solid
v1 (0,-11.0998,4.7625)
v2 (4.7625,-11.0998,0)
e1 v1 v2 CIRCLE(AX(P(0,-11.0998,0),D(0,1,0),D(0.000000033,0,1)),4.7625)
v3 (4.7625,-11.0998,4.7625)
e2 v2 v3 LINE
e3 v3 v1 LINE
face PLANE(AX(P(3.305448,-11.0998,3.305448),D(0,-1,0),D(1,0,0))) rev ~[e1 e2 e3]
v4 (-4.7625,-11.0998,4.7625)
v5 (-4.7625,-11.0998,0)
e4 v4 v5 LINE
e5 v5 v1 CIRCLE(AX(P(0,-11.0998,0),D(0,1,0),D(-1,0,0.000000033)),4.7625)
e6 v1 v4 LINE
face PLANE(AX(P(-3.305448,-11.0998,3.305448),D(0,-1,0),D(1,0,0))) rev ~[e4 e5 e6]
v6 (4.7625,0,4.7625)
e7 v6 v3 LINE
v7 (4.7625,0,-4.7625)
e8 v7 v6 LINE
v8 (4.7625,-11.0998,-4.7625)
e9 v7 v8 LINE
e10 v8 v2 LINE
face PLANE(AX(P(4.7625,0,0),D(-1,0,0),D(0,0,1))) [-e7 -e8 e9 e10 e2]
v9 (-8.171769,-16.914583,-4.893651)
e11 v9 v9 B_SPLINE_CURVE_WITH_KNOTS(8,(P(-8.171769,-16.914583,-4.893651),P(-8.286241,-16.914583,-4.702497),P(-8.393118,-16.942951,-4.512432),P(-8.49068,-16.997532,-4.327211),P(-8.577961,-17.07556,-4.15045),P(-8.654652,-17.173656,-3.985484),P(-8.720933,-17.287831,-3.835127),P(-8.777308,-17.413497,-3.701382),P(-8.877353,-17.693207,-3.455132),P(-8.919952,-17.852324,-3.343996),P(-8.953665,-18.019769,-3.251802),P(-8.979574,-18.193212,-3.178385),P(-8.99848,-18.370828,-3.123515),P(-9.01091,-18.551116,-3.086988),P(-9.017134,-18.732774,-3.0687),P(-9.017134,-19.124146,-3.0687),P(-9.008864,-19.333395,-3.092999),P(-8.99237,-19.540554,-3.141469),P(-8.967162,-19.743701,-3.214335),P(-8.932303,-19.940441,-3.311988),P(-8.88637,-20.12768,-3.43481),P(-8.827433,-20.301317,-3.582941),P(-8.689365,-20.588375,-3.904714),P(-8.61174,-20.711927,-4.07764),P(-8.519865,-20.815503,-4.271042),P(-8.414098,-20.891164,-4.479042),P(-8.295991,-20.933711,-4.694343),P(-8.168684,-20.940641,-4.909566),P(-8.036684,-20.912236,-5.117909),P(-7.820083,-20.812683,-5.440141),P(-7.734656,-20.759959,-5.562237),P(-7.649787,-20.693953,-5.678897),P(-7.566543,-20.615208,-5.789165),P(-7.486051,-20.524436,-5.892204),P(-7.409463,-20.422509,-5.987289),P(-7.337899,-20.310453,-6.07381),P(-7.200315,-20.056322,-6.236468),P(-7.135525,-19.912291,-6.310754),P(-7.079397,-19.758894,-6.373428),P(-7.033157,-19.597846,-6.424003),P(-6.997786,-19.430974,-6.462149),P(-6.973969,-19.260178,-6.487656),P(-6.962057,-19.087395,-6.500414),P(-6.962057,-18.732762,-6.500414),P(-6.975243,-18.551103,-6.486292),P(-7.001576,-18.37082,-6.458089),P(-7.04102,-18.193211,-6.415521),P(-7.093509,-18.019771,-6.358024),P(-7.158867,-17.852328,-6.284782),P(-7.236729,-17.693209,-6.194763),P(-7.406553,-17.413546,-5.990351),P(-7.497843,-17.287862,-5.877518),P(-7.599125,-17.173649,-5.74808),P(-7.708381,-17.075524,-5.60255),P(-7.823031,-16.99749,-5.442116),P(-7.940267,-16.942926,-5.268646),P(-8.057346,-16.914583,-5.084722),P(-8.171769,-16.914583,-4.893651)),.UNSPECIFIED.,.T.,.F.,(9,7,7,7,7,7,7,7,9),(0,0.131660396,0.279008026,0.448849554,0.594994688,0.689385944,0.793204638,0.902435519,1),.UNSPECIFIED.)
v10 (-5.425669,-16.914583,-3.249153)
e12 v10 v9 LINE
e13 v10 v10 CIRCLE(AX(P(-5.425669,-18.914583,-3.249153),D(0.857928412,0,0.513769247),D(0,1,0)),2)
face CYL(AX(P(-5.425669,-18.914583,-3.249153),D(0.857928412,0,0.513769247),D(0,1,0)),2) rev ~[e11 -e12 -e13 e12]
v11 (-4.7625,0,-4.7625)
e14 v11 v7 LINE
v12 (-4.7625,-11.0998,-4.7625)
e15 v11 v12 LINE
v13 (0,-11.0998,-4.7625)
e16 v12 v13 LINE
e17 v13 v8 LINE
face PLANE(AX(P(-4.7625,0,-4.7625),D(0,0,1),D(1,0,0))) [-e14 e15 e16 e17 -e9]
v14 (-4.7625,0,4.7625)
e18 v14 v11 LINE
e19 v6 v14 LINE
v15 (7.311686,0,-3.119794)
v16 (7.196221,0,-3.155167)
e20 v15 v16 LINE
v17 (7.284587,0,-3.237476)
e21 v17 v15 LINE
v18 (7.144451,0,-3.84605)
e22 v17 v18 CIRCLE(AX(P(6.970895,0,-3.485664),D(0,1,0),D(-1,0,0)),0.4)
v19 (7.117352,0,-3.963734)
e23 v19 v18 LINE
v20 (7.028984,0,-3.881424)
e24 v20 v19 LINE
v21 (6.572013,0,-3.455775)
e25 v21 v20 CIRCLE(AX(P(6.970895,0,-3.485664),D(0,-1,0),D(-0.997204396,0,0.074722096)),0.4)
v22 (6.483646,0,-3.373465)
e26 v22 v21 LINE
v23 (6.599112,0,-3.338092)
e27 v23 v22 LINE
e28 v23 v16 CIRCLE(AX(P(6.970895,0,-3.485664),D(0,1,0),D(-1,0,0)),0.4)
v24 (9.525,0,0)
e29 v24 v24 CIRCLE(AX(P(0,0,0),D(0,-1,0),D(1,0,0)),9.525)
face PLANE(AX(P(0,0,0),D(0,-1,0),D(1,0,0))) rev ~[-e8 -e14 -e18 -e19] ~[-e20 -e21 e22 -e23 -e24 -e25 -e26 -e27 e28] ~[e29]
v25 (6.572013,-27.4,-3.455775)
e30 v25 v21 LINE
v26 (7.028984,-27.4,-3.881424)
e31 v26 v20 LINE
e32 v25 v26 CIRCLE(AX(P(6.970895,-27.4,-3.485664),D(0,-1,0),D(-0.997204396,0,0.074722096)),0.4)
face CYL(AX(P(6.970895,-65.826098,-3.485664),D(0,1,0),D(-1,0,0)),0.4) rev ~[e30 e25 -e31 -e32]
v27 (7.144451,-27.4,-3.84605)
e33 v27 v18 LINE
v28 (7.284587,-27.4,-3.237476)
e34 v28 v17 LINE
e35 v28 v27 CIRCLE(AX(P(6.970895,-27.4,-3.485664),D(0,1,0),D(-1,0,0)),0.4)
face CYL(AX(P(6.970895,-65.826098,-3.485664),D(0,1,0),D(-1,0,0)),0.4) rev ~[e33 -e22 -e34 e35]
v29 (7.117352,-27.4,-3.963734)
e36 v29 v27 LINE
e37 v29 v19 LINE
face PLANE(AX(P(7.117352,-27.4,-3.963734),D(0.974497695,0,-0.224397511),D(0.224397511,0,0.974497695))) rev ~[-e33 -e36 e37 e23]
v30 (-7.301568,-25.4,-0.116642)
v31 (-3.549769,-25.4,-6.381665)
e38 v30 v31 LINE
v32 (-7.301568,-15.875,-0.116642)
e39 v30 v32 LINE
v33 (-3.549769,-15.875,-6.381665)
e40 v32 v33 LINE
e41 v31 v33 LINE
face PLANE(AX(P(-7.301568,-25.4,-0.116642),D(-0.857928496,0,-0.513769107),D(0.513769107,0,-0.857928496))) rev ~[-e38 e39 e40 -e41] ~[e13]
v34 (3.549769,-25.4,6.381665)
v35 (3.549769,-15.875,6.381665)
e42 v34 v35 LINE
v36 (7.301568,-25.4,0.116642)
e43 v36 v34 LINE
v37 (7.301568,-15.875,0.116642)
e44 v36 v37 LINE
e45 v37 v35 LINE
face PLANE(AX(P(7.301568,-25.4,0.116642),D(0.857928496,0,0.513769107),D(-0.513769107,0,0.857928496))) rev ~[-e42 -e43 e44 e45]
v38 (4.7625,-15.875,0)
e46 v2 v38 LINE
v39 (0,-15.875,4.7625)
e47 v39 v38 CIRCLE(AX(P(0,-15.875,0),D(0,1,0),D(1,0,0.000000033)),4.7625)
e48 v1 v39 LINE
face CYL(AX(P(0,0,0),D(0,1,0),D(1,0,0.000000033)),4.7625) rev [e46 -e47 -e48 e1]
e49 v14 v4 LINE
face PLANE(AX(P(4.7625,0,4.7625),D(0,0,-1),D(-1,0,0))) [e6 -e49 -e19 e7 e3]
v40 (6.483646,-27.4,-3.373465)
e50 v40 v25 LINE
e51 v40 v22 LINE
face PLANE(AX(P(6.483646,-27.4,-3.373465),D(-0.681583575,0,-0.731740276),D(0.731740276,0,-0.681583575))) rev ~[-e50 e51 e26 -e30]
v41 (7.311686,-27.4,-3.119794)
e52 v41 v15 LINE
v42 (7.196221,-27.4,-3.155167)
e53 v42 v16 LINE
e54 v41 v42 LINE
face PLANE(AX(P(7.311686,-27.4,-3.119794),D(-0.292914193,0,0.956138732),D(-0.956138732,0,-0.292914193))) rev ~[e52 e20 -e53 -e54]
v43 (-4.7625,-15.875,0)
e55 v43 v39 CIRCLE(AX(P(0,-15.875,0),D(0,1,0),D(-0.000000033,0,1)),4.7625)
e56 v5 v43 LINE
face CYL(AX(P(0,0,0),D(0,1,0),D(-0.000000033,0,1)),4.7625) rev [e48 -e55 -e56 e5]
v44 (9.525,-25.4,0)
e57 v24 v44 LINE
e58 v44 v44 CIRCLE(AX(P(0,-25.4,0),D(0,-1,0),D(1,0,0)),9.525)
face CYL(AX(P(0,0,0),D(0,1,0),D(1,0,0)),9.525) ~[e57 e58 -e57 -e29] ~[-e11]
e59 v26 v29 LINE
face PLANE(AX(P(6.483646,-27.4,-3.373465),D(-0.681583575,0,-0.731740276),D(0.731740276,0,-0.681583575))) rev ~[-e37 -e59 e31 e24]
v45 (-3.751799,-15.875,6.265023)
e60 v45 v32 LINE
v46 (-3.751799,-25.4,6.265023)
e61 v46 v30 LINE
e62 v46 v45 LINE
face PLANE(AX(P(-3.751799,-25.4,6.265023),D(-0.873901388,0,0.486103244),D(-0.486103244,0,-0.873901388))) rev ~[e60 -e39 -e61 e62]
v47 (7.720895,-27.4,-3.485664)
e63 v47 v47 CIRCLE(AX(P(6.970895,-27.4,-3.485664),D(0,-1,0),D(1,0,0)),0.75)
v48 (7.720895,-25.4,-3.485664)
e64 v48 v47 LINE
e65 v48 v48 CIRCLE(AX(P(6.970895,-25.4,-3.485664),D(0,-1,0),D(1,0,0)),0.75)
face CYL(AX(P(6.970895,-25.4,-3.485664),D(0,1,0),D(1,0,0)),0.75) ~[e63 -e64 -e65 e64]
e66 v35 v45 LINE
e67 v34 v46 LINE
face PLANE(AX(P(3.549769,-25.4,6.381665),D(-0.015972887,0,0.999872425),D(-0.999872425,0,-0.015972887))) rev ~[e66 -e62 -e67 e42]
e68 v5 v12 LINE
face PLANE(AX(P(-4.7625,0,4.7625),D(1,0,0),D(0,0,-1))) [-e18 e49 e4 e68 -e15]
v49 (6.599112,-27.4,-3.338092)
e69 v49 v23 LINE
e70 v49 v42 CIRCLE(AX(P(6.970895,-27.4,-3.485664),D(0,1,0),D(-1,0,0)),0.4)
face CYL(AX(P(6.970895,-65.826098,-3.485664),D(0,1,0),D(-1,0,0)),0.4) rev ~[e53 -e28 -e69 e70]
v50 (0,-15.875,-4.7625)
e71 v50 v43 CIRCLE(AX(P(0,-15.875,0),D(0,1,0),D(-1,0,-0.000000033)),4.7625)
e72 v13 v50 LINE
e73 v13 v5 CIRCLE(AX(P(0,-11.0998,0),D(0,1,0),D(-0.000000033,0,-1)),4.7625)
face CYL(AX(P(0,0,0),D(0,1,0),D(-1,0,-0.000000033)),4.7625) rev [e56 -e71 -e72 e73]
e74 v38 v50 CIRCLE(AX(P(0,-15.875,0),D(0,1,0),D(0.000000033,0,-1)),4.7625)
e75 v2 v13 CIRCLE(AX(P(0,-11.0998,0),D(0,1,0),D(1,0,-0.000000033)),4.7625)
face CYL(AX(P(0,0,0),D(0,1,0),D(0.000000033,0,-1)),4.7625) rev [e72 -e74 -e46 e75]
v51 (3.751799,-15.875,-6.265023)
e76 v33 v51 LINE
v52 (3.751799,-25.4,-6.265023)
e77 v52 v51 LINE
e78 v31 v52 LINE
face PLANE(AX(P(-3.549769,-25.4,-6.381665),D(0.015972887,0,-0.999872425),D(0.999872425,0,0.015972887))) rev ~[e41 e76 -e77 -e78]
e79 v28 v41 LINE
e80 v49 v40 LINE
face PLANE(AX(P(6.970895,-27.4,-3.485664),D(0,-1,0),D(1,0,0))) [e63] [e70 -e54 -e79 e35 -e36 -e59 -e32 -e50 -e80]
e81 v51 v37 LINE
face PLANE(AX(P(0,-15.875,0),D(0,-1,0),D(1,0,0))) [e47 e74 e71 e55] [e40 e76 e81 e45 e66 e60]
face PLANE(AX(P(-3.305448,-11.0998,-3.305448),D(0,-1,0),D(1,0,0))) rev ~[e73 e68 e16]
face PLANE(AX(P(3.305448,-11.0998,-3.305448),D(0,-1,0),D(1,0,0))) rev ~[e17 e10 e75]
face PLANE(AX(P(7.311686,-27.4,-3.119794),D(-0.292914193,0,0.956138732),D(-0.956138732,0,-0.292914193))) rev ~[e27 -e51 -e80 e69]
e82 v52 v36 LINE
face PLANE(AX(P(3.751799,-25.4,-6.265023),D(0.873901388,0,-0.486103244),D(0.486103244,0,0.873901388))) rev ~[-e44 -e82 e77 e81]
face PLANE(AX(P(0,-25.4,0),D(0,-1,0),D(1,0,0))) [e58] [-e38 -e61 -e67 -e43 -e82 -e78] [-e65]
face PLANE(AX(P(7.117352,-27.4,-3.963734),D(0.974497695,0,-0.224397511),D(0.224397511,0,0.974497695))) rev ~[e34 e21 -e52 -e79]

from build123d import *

# Parameters (mm, degrees)
F0_R      = 9.525
F1_DEPTH  = 25.4
F3_DEPTH  = 25.401
F4_DEPTH  = 11.0998
F6_DEPTH  = 9.525
F7_R      = 0.75
F8_DEPTH  = 2
F10_DEPTH = 27.401
F11_D     = 0.8
F12_R     = 2
F13_DEPTH = 25


with BuildPart() as f1:
    # F0 (on Front) → F1 (new body)
    with BuildSketch(Plane.XZ):
        Circle(F0_R)
    extrude(amount=F1_DEPTH)

    # F2 (on Front) → F3 (cut, through all)
    with BuildSketch(Plane.XZ):
        with BuildLine():
            ThreePointArc((4.7625, 0), (3.367596, 3.367596), (0, 4.7625))
            ThreePointArc((0, 4.7625), (-3.367596, 3.367596), (-4.7625, 0))
            ThreePointArc((-4.7625, 0), (-3.367596, -3.367596), (0, -4.7625))
            ThreePointArc((0, -4.7625), (3.367596, -3.367596), (4.7625, 0))
        make_face()
    extrude(amount=F3_DEPTH, mode=Mode.SUBTRACT)

    # F2 (on Front) → F4 (cut)
    with BuildSketch(Plane.XZ):
        with BuildLine():
            Line((4.7625, 0), (4.7625, 4.7625))
            Line((4.7625, 4.7625), (0, 4.7625))
            ThreePointArc((0, 4.7625), (3.367596, 3.367596), (4.7625, 0))
        make_face()
        with BuildLine():
            ThreePointArc((-4.7625, 0), (-3.367596, 3.367596), (0, 4.7625))
            Line((0, 4.7625), (-4.7625, 4.7625))
            Line((-4.7625, 4.7625), (-4.7625, 0))
        make_face()
        with BuildLine():
            Line((4.7625, -4.7625), (4.7625, 0))
            ThreePointArc((4.7625, 0), (3.367596, -3.367596), (0, -4.7625))
            Line((0, -4.7625), (4.7625, -4.7625))
        make_face()
        with BuildLine():
            ThreePointArc((0, -4.7625), (-3.367596, -3.367596), (-4.7625, 0))
            Line((-4.7625, 0), (-4.7625, -4.7625))
            Line((-4.7625, -4.7625), (0, -4.7625))
        make_face()
    extrude(amount=F4_DEPTH, mode=Mode.SUBTRACT)

    # F5 (on face) → F6 (cut)
    with BuildSketch(Plane.XZ.offset(25.4)):
        Polygon((7.301568, 0.116642), (3.549769, 6.381665), (-3.751799, 6.265023), (-7.301568, -0.116642), (-3.549769, -6.381665), (3.751799, -6.265023), align=None)
    extrude(amount=-F6_DEPTH, mode=Mode.SUBTRACT)

    # F7 (on face) → F8 (join)
    with BuildSketch(Plane.XZ.offset(25.4)):
        with Locations((6.970895, -3.485664)):
            Circle(F7_R)
    extrude(amount=F8_DEPTH)

    # F9 (on face) → F10 (cut, through all)
    with BuildSketch(Plane.XZ.offset(27.4)):
        Polygon((7.117352, -3.963734), (7.311686, -3.119794), (6.483646, -3.373465), align=None)
    extrude(amount=-F10_DEPTH, mode=Mode.SUBTRACT)

    # F11 (through all)
    with Locations(Plane.XZ.offset(27.4)):
        with Locations((6.970895, -3.485664)):
            Hole(F11_D / 2)

    # F12 (on face) → F13 (cut)
    with BuildSketch(Plane(origin=(-5.425669, 0, -3.249153), x_dir=(0, 1, 0), z_dir=(0.857928, 0, 0.513769))):
        with Locations((-18.914583, 0)):
            Circle(F12_R)
    extrude(amount=-F13_DEPTH, mode=Mode.SUBTRACT)


solid = f1.part
